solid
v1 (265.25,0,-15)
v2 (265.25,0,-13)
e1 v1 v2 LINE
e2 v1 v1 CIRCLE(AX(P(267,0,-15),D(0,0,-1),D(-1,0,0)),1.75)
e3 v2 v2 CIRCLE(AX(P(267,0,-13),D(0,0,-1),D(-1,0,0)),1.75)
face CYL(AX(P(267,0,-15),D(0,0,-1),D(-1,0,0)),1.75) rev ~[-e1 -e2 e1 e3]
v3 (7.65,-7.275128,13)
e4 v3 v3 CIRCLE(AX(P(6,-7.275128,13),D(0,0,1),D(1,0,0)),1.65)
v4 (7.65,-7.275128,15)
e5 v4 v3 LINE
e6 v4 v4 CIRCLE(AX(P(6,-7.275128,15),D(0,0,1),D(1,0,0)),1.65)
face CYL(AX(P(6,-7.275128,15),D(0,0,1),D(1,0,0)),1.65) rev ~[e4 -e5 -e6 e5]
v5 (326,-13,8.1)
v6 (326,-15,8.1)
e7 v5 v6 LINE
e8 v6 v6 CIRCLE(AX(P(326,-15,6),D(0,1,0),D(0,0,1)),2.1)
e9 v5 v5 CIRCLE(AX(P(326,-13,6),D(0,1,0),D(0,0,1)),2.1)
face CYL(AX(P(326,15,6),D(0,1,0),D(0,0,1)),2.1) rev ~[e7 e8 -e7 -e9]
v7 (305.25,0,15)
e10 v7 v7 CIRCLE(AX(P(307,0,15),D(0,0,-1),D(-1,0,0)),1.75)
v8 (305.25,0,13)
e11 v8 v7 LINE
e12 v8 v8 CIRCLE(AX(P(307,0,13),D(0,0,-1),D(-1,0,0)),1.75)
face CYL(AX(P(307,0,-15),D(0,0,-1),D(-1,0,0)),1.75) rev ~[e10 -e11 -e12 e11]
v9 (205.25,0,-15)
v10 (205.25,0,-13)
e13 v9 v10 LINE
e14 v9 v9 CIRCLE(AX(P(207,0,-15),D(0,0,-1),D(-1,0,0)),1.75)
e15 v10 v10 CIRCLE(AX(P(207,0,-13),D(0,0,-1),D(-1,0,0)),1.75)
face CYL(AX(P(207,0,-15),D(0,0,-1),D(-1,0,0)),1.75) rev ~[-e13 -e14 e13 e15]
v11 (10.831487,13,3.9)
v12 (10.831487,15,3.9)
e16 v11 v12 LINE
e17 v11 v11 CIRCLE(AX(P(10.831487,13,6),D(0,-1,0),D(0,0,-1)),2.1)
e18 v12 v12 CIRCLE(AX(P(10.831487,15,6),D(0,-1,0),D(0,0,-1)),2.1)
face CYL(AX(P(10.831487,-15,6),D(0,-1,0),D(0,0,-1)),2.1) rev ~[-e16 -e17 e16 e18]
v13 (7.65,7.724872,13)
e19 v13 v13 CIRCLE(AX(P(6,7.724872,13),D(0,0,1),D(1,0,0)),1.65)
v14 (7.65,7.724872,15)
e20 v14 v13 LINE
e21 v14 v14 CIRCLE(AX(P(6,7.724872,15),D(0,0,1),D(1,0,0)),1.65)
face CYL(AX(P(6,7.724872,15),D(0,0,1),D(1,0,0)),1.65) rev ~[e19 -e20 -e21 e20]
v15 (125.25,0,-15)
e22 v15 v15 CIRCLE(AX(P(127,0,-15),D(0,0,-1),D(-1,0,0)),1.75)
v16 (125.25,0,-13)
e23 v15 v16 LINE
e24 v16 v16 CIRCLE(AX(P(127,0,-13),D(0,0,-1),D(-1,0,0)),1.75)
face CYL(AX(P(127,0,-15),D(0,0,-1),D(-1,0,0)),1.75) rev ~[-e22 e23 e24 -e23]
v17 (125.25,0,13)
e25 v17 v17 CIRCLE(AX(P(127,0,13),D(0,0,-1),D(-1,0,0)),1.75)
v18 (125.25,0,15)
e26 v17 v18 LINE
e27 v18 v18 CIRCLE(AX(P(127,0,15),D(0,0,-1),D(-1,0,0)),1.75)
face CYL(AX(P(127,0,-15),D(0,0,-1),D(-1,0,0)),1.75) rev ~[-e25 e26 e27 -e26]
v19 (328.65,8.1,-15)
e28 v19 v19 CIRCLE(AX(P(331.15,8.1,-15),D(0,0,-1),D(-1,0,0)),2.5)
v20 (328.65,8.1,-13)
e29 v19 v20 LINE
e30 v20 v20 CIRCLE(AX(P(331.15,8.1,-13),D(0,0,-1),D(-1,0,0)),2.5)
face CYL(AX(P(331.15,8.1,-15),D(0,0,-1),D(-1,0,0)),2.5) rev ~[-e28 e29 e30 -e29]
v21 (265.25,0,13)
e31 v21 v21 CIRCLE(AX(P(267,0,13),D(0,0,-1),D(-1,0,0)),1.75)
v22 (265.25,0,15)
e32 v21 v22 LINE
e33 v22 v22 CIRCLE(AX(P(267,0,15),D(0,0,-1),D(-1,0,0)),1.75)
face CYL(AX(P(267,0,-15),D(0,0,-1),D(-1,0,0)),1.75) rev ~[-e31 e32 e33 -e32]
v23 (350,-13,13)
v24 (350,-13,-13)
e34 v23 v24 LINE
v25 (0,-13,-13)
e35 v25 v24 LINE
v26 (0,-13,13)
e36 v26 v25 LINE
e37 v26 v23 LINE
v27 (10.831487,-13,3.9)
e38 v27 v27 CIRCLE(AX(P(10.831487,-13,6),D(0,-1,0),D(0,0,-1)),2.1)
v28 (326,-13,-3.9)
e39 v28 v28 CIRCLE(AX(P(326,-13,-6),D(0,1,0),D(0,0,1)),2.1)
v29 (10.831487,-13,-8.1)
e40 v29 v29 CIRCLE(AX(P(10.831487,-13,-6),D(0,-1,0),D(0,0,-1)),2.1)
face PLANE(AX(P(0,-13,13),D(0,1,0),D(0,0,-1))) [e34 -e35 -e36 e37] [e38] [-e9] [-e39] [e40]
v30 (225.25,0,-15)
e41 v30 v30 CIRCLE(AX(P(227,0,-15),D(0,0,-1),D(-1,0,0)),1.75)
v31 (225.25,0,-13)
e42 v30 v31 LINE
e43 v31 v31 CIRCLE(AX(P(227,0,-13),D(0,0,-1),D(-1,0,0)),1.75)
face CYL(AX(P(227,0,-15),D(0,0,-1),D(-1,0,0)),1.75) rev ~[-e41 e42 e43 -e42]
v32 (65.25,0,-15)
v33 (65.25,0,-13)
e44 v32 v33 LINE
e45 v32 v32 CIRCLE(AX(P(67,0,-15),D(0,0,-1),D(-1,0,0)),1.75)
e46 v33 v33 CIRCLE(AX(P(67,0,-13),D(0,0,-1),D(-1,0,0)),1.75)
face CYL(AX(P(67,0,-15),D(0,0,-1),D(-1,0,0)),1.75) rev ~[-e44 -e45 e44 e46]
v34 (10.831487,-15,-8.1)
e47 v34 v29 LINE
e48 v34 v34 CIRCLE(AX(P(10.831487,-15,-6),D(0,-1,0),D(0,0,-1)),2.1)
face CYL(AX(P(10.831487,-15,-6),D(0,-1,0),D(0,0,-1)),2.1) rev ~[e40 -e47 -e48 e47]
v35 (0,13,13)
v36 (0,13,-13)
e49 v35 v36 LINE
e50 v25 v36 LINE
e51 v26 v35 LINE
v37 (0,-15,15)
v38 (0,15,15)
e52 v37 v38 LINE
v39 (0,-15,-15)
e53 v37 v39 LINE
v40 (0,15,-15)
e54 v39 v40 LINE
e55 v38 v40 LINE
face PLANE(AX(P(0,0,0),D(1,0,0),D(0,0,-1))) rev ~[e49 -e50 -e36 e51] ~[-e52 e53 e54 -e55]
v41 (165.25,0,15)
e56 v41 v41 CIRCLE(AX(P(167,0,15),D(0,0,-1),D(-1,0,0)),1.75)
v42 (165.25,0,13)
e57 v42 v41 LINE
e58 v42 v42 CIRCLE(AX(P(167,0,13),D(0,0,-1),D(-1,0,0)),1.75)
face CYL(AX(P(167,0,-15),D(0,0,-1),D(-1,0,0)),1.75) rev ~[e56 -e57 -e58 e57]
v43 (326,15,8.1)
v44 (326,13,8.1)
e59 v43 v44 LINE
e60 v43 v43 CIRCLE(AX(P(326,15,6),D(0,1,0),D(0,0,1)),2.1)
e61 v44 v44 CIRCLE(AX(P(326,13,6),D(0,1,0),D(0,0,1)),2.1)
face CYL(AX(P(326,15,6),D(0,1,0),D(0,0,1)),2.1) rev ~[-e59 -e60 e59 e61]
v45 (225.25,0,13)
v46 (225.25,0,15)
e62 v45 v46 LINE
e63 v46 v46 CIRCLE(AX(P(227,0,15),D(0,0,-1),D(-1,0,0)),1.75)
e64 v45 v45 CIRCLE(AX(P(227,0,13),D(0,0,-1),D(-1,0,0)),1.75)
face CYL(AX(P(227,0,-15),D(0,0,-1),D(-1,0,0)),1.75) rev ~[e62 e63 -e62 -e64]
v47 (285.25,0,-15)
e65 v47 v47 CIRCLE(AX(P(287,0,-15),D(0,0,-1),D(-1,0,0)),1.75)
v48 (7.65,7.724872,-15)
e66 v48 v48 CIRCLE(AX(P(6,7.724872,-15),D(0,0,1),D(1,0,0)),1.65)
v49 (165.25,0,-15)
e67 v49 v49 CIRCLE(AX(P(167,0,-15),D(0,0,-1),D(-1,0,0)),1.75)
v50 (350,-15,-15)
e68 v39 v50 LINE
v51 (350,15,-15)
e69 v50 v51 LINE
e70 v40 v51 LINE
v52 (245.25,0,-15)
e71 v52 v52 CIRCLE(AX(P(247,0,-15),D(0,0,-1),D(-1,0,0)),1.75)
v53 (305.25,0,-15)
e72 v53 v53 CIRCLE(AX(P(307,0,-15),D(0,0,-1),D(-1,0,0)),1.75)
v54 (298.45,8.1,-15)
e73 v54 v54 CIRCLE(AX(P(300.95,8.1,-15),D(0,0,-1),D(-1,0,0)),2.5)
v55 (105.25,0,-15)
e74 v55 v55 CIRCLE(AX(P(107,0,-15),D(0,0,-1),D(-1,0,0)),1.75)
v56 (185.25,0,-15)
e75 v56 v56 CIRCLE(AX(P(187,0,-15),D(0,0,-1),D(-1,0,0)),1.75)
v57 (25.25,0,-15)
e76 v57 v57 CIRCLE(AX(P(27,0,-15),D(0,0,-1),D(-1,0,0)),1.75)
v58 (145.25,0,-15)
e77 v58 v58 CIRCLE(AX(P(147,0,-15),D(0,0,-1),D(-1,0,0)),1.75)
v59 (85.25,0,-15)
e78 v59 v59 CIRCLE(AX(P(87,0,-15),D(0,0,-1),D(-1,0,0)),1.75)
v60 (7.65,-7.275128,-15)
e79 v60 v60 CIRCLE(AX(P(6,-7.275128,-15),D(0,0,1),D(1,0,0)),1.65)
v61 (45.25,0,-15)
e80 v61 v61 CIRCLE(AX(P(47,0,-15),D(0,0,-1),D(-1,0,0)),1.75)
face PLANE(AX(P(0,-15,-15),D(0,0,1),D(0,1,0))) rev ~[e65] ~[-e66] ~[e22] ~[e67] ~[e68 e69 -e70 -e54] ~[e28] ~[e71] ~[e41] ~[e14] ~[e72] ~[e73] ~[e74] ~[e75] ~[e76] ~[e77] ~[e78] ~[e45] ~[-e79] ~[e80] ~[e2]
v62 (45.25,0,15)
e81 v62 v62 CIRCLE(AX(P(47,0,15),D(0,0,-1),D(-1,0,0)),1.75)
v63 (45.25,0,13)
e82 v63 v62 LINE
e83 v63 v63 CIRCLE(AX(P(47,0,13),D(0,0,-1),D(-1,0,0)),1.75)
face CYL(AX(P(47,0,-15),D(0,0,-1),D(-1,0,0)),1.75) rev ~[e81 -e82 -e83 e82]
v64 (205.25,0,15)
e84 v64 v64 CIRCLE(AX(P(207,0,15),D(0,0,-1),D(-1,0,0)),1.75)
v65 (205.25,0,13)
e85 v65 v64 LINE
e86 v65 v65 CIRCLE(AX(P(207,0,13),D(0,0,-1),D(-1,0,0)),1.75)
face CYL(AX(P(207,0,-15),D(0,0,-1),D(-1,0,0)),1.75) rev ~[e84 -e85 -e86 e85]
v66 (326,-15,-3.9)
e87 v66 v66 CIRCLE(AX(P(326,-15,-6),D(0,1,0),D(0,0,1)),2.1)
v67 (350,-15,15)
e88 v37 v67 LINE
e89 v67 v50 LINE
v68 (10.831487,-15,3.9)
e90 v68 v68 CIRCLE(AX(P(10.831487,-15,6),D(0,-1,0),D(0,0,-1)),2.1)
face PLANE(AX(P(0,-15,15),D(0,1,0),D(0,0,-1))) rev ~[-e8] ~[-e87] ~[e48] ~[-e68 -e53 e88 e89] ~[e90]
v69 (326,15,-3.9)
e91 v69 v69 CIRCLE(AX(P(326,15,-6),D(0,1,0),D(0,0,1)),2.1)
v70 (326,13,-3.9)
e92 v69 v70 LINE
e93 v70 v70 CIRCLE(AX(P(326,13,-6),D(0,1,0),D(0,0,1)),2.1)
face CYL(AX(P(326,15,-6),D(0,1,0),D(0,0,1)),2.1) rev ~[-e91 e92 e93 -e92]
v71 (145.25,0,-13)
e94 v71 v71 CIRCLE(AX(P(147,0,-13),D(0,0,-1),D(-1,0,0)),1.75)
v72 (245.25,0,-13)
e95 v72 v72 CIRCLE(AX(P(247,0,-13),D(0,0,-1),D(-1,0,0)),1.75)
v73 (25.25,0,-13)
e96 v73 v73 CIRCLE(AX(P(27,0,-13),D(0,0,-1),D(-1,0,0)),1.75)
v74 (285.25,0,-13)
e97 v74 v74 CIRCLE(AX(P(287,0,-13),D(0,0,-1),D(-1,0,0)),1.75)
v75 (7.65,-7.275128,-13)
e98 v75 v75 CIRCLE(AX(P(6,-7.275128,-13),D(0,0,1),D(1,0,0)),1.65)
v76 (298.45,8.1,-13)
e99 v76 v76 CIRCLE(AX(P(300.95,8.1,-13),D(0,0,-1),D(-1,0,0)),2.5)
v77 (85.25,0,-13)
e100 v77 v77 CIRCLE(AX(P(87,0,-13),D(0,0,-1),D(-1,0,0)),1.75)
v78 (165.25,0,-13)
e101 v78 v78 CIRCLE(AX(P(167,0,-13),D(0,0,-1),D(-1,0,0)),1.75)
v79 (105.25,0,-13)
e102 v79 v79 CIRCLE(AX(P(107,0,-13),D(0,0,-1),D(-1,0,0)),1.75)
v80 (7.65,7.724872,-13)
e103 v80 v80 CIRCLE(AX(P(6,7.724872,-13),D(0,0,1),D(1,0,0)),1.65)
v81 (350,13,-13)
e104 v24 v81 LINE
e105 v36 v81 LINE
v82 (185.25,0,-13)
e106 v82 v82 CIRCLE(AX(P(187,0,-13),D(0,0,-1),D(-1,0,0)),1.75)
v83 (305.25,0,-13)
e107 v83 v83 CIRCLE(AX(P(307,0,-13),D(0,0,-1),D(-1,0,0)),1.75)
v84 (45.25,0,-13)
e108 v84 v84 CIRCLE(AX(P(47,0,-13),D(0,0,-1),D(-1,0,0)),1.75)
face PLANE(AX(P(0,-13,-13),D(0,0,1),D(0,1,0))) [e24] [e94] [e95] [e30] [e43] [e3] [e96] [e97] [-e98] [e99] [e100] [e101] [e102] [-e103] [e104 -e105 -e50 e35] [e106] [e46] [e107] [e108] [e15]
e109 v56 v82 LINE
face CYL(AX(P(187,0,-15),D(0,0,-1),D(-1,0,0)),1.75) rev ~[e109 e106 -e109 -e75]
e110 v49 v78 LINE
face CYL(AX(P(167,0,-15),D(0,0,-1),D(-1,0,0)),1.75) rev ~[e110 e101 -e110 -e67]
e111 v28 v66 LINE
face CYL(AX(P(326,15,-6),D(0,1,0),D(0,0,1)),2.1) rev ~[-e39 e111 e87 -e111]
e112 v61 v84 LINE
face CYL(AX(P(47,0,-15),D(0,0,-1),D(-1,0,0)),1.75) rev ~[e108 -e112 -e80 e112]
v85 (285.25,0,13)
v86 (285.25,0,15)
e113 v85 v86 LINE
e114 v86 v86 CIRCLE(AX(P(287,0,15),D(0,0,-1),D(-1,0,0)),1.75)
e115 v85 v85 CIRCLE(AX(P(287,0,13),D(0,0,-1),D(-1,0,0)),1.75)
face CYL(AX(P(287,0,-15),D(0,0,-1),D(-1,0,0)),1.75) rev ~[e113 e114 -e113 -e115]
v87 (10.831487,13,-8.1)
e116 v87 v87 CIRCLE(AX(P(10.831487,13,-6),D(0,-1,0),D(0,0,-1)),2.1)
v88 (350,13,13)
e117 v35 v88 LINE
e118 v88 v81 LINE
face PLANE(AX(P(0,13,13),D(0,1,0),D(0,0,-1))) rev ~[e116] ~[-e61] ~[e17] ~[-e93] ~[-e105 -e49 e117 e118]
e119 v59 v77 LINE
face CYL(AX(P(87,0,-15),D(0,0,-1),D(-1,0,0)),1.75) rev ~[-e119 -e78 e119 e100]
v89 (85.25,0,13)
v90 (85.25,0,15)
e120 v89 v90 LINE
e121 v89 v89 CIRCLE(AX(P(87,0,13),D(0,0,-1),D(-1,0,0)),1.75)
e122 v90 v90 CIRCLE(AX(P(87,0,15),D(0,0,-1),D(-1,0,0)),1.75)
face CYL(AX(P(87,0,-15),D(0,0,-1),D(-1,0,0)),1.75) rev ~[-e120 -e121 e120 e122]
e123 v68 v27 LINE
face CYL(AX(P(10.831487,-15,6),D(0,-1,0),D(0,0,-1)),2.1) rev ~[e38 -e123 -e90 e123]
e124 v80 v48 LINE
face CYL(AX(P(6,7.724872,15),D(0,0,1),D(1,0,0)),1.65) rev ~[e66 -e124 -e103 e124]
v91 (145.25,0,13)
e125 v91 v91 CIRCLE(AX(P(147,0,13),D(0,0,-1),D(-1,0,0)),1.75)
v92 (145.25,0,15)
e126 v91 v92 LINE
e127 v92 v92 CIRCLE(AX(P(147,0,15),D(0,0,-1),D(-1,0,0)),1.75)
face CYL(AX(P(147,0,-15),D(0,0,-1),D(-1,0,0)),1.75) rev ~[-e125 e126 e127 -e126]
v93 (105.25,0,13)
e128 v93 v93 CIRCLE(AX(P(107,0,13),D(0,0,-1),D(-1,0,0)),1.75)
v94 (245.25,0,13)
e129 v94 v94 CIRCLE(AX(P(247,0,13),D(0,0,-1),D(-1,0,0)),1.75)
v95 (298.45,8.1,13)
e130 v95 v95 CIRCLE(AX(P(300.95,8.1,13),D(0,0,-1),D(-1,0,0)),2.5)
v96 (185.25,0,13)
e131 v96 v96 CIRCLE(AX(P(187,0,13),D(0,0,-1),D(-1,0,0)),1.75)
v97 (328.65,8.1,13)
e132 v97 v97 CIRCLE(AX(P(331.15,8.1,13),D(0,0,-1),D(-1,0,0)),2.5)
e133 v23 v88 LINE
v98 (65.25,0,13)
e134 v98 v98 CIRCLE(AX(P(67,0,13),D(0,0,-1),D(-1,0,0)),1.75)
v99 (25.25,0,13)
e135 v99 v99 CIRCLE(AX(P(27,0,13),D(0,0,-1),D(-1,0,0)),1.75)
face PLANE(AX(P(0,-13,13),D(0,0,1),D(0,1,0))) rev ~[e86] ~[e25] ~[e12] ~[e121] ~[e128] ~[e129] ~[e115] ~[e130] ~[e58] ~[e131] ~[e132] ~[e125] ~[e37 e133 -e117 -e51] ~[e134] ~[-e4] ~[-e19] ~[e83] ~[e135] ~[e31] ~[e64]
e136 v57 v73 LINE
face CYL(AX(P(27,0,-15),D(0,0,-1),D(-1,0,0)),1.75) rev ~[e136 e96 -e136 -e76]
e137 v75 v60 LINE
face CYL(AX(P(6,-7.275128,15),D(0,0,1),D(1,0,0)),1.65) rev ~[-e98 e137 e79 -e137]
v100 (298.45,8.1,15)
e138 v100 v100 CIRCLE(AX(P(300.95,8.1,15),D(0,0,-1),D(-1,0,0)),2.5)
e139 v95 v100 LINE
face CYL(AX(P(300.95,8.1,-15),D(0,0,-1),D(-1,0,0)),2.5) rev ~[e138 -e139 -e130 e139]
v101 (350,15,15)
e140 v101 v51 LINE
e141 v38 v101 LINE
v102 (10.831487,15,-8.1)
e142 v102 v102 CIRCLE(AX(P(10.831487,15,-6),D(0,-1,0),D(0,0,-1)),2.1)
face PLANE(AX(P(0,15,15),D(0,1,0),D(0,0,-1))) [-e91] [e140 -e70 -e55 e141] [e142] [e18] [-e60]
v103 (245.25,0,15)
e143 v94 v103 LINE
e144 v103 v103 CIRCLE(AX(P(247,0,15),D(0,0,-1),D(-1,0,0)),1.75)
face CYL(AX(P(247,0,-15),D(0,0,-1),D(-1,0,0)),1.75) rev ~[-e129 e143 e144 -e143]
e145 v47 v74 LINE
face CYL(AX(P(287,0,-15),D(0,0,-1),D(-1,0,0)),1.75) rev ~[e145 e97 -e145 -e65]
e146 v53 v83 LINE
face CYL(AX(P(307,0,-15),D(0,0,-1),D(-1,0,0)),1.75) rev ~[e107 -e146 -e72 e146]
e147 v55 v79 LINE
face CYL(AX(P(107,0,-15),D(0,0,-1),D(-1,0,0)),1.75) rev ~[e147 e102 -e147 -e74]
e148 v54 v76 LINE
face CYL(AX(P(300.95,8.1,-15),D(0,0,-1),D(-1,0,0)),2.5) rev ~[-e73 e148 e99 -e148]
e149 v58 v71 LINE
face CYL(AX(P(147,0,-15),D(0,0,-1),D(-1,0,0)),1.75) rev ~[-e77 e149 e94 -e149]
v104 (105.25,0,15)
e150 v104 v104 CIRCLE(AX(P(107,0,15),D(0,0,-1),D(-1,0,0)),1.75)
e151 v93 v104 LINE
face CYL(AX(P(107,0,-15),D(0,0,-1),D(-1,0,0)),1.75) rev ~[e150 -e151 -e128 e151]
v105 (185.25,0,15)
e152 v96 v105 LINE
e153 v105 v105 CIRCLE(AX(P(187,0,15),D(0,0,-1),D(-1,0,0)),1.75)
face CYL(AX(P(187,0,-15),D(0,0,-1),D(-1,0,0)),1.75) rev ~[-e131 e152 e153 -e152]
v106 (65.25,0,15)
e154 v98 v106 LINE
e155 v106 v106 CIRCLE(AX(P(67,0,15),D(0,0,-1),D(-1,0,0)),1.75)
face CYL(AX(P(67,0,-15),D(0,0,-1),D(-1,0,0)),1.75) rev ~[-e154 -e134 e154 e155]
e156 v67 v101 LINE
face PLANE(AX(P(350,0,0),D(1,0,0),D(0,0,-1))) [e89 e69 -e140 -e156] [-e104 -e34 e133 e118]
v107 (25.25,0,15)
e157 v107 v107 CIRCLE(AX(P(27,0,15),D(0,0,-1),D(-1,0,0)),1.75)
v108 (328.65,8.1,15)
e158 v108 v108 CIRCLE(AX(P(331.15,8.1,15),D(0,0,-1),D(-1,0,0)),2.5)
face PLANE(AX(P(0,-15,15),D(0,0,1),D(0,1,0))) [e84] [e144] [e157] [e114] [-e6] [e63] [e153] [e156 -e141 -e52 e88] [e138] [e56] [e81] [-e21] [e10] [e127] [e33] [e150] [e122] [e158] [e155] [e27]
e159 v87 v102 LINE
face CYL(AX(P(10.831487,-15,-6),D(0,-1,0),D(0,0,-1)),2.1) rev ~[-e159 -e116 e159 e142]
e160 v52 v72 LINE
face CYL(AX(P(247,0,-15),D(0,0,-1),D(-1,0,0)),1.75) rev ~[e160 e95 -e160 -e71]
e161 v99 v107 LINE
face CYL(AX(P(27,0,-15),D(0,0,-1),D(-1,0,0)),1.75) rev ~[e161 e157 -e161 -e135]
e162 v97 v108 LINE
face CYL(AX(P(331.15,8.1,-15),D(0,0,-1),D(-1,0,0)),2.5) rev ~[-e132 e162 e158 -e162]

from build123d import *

# Parameters (mm, degrees)
SKETCH_1_W          = 30
SKETCH_1_H          = 30
SKETCH_1_W_2        = 26
SKETCH_1_H_2        = 26
EXTRUDE_1_DEPTH     = 350
SKETCH_2_R          = 1.75
CUT_EXTRUDE_1_DEPTH = 352.603469835
SKETCH_3_R          = 1.65
CUT_EXTRUDE_2_DEPTH = 352.603469835
SKETCH_4_R          = 2.1
CUT_EXTRUDE_3_DEPTH = 352.603469835
SKETCH_5_R          = 2.1
CUT_EXTRUDE_4_DEPTH = 352.603469835
SKETCH_6_R          = 2.5
CUT_EXTRUDE_5_DEPTH = 352.603469835


with BuildPart() as part:
    # 草图1 → 凸台-拉伸1 (new body)
    with BuildSketch(Plane(origin=(0, 0, 0), x_dir=(0, 0, -1), z_dir=(1, 0, 0))):
        Rectangle(SKETCH_1_W, SKETCH_1_H)
        Rectangle(SKETCH_1_W_2, SKETCH_1_H_2, mode=Mode.SUBTRACT)
    extrude(amount=EXTRUDE_1_DEPTH)

    # 草图2 → 切除-拉伸1 (cut, through all)
    with BuildSketch(Plane(origin=(0, 0, -15), x_dir=(-1, 0, 0), z_dir=(0, 0, -1))):
        with Locations((-307, 0)):
            Circle(SKETCH_2_R)
        with Locations((-287, 0)):
            Circle(SKETCH_2_R)
        with Locations((-267, 0)):
            Circle(SKETCH_2_R)
        with Locations((-247, 0)):
            Circle(SKETCH_2_R)
        with Locations((-227, 0)):
            Circle(SKETCH_2_R)
        with Locations((-207, 0)):
            Circle(SKETCH_2_R)
        with Locations((-187, 0)):
            Circle(SKETCH_2_R)
        with Locations((-167, 0)):
            Circle(SKETCH_2_R)
        with Locations((-147, 0)):
            Circle(SKETCH_2_R)
        with Locations((-127, 0)):
            Circle(SKETCH_2_R)
        with Locations((-107, 0)):
            Circle(SKETCH_2_R)
        with Locations((-87, 0)):
            Circle(SKETCH_2_R)
        with Locations((-67, 0)):
            Circle(SKETCH_2_R)
        with Locations((-47, 0)):
            Circle(SKETCH_2_R)
        with Locations((-27, 0)):
            Circle(SKETCH_2_R)
    extrude(amount=-CUT_EXTRUDE_1_DEPTH, mode=Mode.SUBTRACT)

    # 草图3 → 切除-拉伸2 (cut, through all)
    with BuildSketch(Plane.XY.offset(15)):
        with Locations((6, 7.724871585)):
            Circle(SKETCH_3_R)
        with Locations((6, -7.275128415)):
            Circle(SKETCH_3_R)
    extrude(amount=-CUT_EXTRUDE_2_DEPTH, mode=Mode.SUBTRACT)

    # 草图4 → 切除-拉伸3 (cut, through all)
    with BuildSketch(Plane(origin=(0, 15, 0), x_dir=(1, 0, 0), z_dir=(0, 1, 0))):
        with Locations(Location((326, 6, 0), (0, 0, 270))):
            Circle(SKETCH_4_R)
        with Locations(Location((326, -6, 0), (0, 0, 270))):
            Circle(SKETCH_4_R)
    extrude(amount=-CUT_EXTRUDE_3_DEPTH, mode=Mode.SUBTRACT)

    # 草图5 → 切除-拉伸4 (cut, through all)
    with BuildSketch(Plane.XZ.offset(15)):
        with Locations(Location((10.831487119, 6, 0), (0, 0, 270))):
            Circle(SKETCH_5_R)
        with Locations(Location((10.831487119, -6, 0), (0, 0, 270))):
            Circle(SKETCH_5_R)
    extrude(amount=-CUT_EXTRUDE_4_DEPTH, mode=Mode.SUBTRACT)

    # 草图6 → 切除-拉伸5 (cut, through all)
    with BuildSketch(Plane(origin=(0, 0, -15), x_dir=(-1, 0, 0), z_dir=(0, 0, -1))):
        with Locations((-331.15, 8.1)):
            Circle(SKETCH_6_R)
        with Locations((-300.95, 8.1)):
            Circle(SKETCH_6_R)
    extrude(amount=-CUT_EXTRUDE_5_DEPTH, mode=Mode.SUBTRACT)


solid = part.part
